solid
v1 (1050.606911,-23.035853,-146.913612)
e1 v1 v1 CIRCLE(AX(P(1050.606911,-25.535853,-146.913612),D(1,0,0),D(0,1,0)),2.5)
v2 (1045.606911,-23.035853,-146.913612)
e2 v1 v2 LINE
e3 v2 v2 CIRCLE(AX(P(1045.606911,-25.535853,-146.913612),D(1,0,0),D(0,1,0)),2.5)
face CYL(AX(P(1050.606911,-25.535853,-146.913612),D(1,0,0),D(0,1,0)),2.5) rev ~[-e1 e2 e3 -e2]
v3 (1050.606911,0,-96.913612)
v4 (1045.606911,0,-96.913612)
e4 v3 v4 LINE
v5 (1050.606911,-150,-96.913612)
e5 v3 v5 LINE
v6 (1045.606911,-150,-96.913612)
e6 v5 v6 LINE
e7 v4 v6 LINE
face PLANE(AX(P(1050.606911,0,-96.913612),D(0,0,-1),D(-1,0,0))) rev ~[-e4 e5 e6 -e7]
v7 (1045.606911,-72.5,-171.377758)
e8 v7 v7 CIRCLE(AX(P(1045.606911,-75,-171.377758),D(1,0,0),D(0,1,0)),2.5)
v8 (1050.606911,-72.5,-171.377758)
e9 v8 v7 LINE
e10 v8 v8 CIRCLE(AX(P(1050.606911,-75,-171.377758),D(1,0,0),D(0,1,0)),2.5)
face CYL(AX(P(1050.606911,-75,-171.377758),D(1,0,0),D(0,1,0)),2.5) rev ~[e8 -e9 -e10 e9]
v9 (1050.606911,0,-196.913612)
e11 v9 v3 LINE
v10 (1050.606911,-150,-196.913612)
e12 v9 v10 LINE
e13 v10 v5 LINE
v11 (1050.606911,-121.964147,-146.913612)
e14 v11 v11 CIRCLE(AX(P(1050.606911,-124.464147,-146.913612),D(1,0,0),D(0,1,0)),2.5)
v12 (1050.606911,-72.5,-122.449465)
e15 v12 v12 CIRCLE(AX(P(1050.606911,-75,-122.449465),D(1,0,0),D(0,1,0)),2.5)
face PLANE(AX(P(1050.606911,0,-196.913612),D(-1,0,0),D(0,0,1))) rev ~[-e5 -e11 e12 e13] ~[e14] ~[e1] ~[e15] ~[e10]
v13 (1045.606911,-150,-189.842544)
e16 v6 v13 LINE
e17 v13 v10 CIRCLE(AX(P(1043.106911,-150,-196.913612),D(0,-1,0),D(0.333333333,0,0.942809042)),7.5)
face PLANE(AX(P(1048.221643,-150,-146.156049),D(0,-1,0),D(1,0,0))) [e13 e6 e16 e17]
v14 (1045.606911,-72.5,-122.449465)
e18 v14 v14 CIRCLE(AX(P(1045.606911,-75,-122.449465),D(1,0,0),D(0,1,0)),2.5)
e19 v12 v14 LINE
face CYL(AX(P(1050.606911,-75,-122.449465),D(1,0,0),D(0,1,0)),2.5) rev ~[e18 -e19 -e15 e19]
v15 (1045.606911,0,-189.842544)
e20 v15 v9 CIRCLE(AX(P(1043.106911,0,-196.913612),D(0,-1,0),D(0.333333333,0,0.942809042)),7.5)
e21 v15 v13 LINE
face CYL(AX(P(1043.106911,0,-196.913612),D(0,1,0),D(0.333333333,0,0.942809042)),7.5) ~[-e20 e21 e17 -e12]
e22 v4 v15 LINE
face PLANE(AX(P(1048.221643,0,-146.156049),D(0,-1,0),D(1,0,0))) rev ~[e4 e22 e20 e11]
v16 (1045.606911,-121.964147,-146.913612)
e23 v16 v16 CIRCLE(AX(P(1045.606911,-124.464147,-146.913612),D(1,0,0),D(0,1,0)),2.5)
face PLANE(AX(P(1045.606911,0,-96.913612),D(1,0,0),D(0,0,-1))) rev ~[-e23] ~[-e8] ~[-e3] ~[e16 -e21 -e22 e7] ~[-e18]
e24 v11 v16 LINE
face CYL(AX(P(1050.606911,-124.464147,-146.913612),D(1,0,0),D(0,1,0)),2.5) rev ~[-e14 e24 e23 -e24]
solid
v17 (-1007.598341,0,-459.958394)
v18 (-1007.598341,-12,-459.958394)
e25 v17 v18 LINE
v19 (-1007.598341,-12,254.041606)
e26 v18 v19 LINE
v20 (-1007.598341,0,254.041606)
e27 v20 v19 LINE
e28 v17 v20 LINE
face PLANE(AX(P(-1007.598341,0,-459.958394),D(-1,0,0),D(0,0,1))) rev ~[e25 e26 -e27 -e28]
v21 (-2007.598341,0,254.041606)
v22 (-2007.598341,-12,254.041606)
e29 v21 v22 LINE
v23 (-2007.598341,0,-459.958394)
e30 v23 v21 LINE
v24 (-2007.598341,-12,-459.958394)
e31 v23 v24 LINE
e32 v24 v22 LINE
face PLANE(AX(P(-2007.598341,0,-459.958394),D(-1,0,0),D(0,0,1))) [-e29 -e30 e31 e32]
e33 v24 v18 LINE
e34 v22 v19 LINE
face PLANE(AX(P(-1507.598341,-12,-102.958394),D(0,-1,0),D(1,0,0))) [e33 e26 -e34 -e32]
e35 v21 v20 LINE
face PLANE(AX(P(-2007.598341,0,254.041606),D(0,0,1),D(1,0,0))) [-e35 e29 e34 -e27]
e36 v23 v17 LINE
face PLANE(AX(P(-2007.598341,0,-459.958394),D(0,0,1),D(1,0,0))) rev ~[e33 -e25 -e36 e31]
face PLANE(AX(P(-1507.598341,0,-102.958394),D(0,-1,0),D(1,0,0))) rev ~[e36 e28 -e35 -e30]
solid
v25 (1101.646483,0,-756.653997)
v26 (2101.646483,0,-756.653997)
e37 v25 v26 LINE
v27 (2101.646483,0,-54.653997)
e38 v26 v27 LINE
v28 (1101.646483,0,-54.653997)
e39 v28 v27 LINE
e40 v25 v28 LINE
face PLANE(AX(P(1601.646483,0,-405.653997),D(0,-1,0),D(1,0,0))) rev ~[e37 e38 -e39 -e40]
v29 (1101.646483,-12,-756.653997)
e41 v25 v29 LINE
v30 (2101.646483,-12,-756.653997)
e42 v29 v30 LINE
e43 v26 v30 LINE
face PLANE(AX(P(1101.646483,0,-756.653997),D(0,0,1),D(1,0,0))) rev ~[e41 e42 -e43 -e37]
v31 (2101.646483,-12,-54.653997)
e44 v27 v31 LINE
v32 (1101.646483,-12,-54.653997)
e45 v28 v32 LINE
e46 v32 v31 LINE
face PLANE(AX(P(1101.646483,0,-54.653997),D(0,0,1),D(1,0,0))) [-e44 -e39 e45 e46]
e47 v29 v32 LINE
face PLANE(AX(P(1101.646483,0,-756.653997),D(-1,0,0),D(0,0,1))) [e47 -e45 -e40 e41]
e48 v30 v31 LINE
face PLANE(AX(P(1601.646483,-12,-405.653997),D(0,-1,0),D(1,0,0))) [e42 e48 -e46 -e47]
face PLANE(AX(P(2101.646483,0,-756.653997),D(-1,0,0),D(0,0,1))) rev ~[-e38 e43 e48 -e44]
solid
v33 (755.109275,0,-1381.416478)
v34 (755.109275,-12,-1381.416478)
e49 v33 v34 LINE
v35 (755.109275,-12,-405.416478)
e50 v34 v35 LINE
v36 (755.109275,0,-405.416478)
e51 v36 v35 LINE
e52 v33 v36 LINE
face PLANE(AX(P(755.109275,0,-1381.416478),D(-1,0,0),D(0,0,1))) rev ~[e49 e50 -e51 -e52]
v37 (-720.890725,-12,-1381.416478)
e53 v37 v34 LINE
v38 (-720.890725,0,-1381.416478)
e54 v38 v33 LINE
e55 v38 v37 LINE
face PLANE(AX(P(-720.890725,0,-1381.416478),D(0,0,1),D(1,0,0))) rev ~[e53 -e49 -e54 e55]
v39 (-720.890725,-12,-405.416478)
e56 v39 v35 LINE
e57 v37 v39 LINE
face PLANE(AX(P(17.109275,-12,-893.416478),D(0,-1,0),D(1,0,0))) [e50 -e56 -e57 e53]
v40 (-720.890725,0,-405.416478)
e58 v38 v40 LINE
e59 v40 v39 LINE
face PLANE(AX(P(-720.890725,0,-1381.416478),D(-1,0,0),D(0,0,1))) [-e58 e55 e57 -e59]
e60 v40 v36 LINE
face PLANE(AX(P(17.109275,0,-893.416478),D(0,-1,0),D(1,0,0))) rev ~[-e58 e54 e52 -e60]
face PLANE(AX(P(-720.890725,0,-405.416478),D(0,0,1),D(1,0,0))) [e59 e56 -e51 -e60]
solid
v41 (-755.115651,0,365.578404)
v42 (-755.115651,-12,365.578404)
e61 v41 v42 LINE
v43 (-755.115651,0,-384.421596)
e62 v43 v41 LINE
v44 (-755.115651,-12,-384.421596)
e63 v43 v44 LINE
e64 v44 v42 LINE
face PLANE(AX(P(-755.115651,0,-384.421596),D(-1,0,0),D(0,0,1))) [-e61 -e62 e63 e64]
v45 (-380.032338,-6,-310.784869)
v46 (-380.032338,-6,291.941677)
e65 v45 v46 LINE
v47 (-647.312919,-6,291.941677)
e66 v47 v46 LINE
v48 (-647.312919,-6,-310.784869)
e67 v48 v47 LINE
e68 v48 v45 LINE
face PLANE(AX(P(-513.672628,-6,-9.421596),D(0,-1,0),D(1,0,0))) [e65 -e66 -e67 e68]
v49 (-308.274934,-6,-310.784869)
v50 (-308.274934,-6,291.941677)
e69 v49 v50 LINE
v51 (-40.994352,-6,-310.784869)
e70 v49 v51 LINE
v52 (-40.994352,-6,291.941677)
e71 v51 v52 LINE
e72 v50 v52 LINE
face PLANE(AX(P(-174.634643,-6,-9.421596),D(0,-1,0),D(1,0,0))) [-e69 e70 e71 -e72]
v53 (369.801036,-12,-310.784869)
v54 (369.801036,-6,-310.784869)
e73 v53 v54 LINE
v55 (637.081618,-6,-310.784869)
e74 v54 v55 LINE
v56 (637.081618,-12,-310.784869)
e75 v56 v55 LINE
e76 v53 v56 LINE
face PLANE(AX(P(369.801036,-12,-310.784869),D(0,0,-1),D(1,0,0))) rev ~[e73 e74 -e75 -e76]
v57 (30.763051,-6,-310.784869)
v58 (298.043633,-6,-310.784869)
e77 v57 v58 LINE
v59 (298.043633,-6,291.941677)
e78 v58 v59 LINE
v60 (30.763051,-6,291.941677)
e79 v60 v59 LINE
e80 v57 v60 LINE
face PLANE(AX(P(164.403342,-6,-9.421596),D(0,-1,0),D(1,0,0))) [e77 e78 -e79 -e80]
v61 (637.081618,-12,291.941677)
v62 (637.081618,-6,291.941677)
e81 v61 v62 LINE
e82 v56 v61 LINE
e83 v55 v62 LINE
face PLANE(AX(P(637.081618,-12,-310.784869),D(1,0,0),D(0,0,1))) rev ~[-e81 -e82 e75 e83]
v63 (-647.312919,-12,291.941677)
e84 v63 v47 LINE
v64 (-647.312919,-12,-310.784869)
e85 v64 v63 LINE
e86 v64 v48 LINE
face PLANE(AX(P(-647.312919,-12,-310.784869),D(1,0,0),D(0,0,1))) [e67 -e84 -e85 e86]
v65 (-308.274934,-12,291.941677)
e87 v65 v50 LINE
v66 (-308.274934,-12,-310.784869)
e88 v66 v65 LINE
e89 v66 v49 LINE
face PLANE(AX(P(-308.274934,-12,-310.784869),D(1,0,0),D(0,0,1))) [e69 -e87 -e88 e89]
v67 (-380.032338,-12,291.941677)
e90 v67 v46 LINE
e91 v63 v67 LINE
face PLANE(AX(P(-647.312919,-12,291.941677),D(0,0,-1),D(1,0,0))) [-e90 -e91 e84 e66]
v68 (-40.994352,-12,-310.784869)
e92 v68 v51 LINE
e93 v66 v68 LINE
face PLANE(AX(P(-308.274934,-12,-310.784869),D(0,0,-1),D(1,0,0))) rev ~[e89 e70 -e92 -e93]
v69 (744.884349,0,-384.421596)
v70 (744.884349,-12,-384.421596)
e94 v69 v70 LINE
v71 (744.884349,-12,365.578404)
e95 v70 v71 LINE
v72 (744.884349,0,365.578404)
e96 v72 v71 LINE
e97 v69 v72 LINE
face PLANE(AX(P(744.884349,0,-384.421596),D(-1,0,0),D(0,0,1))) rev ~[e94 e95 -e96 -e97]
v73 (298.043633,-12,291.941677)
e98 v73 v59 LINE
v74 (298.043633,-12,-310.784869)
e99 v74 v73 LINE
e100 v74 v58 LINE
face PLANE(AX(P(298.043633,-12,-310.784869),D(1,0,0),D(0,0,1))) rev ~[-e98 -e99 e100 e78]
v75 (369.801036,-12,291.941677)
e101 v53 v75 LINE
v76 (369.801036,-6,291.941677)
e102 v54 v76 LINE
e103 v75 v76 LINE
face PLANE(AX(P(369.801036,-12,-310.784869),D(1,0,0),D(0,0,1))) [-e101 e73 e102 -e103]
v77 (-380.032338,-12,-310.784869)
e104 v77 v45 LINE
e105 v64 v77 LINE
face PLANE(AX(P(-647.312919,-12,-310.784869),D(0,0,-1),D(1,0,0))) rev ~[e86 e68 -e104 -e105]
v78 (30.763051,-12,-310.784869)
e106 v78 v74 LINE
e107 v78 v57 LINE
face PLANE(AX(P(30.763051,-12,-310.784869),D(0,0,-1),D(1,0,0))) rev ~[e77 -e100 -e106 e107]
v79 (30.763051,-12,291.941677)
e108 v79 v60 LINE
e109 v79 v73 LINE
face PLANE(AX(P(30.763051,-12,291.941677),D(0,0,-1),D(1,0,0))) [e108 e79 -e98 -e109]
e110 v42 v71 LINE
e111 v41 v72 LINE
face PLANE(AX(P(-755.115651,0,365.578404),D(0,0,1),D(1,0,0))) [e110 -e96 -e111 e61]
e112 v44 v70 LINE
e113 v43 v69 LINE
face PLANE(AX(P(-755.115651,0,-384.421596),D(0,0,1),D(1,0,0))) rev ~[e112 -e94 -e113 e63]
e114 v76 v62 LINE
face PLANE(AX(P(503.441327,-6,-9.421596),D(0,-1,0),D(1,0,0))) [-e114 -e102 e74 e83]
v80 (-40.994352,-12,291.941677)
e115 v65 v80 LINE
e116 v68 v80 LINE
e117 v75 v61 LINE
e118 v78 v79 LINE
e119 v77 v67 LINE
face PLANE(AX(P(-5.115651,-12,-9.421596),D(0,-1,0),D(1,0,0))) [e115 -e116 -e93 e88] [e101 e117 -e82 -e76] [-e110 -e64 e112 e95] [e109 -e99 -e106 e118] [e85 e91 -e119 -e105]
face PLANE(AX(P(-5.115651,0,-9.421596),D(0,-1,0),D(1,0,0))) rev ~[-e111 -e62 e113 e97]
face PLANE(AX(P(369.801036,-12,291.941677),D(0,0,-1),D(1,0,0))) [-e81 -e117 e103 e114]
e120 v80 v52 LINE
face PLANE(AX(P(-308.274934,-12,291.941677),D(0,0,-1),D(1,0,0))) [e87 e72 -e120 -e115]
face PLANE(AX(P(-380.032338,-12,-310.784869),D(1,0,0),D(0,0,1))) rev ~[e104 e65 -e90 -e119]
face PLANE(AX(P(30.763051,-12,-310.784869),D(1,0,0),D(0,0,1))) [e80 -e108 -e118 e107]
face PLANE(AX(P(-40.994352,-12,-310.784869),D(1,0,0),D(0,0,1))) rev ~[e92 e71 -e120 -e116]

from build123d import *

# Parameters (mm, degrees)
F1_W      = 1500
F1_H      = 750
F2_DEPTH  = 12
F3_W      = 267.2805812507
F3_H      = 602.7265457989
F4_DEPTH  = 6
F6_DEPTH  = 150
F7_R      = 2.5
F8_DEPTH  = 5
F9_W      = 1000
F9_H      = 714
F10_DEPTH = 12
F11_W     = 1000
F11_H     = 702
F12_DEPTH = 12
F13_W     = 1476
F13_H     = 976
F14_DEPTH = 12


with BuildPart() as f2:
    # F1 (on Front) → F2 (new body)
    with BuildSketch(Plane.XZ):
        with Locations((-5.1156505942, -9.4215959932)):
            Rectangle(F1_W, F1_H)
    extrude(amount=F2_DEPTH)

    # F3 (on face) → F4 (cut)
    with BuildSketch(Plane.XZ.offset(12)):
        with Locations((-513.6726281385, -9.4215959932)):
            Rectangle(F3_W, F3_H)
        with Locations((-174.634643109, -9.4215959932)):
            Rectangle(F3_W, F3_H)
        with Locations((164.4033419205, -9.4215959932)):
            Rectangle(F3_W, F3_H)
        with Locations((503.4413269501, -9.4215959932)):
            Rectangle(F3_W, F3_H)
    extrude(amount=-F4_DEPTH, mode=Mode.SUBTRACT)


with BuildPart() as f6:
    # F5 (on Front) → F6 (new body)
    with BuildSketch(Plane.XZ):
        with BuildLine():
            ThreePointArc((1045.6069111416, -189.8425437506), (1049.2306354986, -192.5834845435), (1050.6069111416, -196.9136115624))
            Line((1050.6069111416, -196.9136115624), (1050.6069111416, -96.9136115624))
            Line((1050.6069111416, -96.9136115624), (1045.6069111416, -96.9136115624))
            Line((1045.6069111416, -96.9136115624), (1045.6069111416, -189.8425437506))
        make_face()
        with BuildLine():
            ThreePointArc((1045.6069111416, -189.8425437506), (1036.9831867846, -201.2437385814), (1050.6069111416, -196.9136115624))
            ThreePointArc((1050.6069111416, -196.9136115624), (1049.2306354986, -192.5834845435), (1045.6069111416, -189.8425437506))
        make_face()
    extrude(amount=F6_DEPTH)

    # F7 (on face) → F8 (cut, through all)
    with BuildSketch(Plane.YZ.offset(1050.6069111416)):
        with Locations((-124.4641467929, -146.9136115624)):
            Circle(F7_R)
        with Locations((-75, -122.4494647696)):
            Circle(F7_R)
        with Locations((-75, -171.3777583553)):
            Circle(F7_R)
        with Locations((-25.5358532071, -146.9136115624)):
            Circle(F7_R)
    extrude(amount=-F8_DEPTH, mode=Mode.SUBTRACT)


with BuildPart() as f10:
    # F9 (on Front) → F10 (new body)
    with BuildSketch(Plane.XZ):
        with Locations((-1507.5983405113, -102.9583936978)):
            Rectangle(F9_W, F9_H)
    extrude(amount=F10_DEPTH)


with BuildPart() as f12:
    # F11 (on Front) → F12 (new body)
    with BuildSketch(Plane.XZ):
        with Locations((1601.6464829445, -405.6539972484)):
            Rectangle(F11_W, F11_H)
    extrude(amount=F12_DEPTH)


with BuildPart() as f14:
    # F13 (on Front) → F14 (new body)
    with BuildSketch(Plane.XZ):
        with Locations((17.1092748642, -893.4164781482)):
            Rectangle(F13_W, F13_H)
    extrude(amount=F14_DEPTH)


solid = Compound([f2.part, f6.part, f10.part, f12.part, f14.part])
